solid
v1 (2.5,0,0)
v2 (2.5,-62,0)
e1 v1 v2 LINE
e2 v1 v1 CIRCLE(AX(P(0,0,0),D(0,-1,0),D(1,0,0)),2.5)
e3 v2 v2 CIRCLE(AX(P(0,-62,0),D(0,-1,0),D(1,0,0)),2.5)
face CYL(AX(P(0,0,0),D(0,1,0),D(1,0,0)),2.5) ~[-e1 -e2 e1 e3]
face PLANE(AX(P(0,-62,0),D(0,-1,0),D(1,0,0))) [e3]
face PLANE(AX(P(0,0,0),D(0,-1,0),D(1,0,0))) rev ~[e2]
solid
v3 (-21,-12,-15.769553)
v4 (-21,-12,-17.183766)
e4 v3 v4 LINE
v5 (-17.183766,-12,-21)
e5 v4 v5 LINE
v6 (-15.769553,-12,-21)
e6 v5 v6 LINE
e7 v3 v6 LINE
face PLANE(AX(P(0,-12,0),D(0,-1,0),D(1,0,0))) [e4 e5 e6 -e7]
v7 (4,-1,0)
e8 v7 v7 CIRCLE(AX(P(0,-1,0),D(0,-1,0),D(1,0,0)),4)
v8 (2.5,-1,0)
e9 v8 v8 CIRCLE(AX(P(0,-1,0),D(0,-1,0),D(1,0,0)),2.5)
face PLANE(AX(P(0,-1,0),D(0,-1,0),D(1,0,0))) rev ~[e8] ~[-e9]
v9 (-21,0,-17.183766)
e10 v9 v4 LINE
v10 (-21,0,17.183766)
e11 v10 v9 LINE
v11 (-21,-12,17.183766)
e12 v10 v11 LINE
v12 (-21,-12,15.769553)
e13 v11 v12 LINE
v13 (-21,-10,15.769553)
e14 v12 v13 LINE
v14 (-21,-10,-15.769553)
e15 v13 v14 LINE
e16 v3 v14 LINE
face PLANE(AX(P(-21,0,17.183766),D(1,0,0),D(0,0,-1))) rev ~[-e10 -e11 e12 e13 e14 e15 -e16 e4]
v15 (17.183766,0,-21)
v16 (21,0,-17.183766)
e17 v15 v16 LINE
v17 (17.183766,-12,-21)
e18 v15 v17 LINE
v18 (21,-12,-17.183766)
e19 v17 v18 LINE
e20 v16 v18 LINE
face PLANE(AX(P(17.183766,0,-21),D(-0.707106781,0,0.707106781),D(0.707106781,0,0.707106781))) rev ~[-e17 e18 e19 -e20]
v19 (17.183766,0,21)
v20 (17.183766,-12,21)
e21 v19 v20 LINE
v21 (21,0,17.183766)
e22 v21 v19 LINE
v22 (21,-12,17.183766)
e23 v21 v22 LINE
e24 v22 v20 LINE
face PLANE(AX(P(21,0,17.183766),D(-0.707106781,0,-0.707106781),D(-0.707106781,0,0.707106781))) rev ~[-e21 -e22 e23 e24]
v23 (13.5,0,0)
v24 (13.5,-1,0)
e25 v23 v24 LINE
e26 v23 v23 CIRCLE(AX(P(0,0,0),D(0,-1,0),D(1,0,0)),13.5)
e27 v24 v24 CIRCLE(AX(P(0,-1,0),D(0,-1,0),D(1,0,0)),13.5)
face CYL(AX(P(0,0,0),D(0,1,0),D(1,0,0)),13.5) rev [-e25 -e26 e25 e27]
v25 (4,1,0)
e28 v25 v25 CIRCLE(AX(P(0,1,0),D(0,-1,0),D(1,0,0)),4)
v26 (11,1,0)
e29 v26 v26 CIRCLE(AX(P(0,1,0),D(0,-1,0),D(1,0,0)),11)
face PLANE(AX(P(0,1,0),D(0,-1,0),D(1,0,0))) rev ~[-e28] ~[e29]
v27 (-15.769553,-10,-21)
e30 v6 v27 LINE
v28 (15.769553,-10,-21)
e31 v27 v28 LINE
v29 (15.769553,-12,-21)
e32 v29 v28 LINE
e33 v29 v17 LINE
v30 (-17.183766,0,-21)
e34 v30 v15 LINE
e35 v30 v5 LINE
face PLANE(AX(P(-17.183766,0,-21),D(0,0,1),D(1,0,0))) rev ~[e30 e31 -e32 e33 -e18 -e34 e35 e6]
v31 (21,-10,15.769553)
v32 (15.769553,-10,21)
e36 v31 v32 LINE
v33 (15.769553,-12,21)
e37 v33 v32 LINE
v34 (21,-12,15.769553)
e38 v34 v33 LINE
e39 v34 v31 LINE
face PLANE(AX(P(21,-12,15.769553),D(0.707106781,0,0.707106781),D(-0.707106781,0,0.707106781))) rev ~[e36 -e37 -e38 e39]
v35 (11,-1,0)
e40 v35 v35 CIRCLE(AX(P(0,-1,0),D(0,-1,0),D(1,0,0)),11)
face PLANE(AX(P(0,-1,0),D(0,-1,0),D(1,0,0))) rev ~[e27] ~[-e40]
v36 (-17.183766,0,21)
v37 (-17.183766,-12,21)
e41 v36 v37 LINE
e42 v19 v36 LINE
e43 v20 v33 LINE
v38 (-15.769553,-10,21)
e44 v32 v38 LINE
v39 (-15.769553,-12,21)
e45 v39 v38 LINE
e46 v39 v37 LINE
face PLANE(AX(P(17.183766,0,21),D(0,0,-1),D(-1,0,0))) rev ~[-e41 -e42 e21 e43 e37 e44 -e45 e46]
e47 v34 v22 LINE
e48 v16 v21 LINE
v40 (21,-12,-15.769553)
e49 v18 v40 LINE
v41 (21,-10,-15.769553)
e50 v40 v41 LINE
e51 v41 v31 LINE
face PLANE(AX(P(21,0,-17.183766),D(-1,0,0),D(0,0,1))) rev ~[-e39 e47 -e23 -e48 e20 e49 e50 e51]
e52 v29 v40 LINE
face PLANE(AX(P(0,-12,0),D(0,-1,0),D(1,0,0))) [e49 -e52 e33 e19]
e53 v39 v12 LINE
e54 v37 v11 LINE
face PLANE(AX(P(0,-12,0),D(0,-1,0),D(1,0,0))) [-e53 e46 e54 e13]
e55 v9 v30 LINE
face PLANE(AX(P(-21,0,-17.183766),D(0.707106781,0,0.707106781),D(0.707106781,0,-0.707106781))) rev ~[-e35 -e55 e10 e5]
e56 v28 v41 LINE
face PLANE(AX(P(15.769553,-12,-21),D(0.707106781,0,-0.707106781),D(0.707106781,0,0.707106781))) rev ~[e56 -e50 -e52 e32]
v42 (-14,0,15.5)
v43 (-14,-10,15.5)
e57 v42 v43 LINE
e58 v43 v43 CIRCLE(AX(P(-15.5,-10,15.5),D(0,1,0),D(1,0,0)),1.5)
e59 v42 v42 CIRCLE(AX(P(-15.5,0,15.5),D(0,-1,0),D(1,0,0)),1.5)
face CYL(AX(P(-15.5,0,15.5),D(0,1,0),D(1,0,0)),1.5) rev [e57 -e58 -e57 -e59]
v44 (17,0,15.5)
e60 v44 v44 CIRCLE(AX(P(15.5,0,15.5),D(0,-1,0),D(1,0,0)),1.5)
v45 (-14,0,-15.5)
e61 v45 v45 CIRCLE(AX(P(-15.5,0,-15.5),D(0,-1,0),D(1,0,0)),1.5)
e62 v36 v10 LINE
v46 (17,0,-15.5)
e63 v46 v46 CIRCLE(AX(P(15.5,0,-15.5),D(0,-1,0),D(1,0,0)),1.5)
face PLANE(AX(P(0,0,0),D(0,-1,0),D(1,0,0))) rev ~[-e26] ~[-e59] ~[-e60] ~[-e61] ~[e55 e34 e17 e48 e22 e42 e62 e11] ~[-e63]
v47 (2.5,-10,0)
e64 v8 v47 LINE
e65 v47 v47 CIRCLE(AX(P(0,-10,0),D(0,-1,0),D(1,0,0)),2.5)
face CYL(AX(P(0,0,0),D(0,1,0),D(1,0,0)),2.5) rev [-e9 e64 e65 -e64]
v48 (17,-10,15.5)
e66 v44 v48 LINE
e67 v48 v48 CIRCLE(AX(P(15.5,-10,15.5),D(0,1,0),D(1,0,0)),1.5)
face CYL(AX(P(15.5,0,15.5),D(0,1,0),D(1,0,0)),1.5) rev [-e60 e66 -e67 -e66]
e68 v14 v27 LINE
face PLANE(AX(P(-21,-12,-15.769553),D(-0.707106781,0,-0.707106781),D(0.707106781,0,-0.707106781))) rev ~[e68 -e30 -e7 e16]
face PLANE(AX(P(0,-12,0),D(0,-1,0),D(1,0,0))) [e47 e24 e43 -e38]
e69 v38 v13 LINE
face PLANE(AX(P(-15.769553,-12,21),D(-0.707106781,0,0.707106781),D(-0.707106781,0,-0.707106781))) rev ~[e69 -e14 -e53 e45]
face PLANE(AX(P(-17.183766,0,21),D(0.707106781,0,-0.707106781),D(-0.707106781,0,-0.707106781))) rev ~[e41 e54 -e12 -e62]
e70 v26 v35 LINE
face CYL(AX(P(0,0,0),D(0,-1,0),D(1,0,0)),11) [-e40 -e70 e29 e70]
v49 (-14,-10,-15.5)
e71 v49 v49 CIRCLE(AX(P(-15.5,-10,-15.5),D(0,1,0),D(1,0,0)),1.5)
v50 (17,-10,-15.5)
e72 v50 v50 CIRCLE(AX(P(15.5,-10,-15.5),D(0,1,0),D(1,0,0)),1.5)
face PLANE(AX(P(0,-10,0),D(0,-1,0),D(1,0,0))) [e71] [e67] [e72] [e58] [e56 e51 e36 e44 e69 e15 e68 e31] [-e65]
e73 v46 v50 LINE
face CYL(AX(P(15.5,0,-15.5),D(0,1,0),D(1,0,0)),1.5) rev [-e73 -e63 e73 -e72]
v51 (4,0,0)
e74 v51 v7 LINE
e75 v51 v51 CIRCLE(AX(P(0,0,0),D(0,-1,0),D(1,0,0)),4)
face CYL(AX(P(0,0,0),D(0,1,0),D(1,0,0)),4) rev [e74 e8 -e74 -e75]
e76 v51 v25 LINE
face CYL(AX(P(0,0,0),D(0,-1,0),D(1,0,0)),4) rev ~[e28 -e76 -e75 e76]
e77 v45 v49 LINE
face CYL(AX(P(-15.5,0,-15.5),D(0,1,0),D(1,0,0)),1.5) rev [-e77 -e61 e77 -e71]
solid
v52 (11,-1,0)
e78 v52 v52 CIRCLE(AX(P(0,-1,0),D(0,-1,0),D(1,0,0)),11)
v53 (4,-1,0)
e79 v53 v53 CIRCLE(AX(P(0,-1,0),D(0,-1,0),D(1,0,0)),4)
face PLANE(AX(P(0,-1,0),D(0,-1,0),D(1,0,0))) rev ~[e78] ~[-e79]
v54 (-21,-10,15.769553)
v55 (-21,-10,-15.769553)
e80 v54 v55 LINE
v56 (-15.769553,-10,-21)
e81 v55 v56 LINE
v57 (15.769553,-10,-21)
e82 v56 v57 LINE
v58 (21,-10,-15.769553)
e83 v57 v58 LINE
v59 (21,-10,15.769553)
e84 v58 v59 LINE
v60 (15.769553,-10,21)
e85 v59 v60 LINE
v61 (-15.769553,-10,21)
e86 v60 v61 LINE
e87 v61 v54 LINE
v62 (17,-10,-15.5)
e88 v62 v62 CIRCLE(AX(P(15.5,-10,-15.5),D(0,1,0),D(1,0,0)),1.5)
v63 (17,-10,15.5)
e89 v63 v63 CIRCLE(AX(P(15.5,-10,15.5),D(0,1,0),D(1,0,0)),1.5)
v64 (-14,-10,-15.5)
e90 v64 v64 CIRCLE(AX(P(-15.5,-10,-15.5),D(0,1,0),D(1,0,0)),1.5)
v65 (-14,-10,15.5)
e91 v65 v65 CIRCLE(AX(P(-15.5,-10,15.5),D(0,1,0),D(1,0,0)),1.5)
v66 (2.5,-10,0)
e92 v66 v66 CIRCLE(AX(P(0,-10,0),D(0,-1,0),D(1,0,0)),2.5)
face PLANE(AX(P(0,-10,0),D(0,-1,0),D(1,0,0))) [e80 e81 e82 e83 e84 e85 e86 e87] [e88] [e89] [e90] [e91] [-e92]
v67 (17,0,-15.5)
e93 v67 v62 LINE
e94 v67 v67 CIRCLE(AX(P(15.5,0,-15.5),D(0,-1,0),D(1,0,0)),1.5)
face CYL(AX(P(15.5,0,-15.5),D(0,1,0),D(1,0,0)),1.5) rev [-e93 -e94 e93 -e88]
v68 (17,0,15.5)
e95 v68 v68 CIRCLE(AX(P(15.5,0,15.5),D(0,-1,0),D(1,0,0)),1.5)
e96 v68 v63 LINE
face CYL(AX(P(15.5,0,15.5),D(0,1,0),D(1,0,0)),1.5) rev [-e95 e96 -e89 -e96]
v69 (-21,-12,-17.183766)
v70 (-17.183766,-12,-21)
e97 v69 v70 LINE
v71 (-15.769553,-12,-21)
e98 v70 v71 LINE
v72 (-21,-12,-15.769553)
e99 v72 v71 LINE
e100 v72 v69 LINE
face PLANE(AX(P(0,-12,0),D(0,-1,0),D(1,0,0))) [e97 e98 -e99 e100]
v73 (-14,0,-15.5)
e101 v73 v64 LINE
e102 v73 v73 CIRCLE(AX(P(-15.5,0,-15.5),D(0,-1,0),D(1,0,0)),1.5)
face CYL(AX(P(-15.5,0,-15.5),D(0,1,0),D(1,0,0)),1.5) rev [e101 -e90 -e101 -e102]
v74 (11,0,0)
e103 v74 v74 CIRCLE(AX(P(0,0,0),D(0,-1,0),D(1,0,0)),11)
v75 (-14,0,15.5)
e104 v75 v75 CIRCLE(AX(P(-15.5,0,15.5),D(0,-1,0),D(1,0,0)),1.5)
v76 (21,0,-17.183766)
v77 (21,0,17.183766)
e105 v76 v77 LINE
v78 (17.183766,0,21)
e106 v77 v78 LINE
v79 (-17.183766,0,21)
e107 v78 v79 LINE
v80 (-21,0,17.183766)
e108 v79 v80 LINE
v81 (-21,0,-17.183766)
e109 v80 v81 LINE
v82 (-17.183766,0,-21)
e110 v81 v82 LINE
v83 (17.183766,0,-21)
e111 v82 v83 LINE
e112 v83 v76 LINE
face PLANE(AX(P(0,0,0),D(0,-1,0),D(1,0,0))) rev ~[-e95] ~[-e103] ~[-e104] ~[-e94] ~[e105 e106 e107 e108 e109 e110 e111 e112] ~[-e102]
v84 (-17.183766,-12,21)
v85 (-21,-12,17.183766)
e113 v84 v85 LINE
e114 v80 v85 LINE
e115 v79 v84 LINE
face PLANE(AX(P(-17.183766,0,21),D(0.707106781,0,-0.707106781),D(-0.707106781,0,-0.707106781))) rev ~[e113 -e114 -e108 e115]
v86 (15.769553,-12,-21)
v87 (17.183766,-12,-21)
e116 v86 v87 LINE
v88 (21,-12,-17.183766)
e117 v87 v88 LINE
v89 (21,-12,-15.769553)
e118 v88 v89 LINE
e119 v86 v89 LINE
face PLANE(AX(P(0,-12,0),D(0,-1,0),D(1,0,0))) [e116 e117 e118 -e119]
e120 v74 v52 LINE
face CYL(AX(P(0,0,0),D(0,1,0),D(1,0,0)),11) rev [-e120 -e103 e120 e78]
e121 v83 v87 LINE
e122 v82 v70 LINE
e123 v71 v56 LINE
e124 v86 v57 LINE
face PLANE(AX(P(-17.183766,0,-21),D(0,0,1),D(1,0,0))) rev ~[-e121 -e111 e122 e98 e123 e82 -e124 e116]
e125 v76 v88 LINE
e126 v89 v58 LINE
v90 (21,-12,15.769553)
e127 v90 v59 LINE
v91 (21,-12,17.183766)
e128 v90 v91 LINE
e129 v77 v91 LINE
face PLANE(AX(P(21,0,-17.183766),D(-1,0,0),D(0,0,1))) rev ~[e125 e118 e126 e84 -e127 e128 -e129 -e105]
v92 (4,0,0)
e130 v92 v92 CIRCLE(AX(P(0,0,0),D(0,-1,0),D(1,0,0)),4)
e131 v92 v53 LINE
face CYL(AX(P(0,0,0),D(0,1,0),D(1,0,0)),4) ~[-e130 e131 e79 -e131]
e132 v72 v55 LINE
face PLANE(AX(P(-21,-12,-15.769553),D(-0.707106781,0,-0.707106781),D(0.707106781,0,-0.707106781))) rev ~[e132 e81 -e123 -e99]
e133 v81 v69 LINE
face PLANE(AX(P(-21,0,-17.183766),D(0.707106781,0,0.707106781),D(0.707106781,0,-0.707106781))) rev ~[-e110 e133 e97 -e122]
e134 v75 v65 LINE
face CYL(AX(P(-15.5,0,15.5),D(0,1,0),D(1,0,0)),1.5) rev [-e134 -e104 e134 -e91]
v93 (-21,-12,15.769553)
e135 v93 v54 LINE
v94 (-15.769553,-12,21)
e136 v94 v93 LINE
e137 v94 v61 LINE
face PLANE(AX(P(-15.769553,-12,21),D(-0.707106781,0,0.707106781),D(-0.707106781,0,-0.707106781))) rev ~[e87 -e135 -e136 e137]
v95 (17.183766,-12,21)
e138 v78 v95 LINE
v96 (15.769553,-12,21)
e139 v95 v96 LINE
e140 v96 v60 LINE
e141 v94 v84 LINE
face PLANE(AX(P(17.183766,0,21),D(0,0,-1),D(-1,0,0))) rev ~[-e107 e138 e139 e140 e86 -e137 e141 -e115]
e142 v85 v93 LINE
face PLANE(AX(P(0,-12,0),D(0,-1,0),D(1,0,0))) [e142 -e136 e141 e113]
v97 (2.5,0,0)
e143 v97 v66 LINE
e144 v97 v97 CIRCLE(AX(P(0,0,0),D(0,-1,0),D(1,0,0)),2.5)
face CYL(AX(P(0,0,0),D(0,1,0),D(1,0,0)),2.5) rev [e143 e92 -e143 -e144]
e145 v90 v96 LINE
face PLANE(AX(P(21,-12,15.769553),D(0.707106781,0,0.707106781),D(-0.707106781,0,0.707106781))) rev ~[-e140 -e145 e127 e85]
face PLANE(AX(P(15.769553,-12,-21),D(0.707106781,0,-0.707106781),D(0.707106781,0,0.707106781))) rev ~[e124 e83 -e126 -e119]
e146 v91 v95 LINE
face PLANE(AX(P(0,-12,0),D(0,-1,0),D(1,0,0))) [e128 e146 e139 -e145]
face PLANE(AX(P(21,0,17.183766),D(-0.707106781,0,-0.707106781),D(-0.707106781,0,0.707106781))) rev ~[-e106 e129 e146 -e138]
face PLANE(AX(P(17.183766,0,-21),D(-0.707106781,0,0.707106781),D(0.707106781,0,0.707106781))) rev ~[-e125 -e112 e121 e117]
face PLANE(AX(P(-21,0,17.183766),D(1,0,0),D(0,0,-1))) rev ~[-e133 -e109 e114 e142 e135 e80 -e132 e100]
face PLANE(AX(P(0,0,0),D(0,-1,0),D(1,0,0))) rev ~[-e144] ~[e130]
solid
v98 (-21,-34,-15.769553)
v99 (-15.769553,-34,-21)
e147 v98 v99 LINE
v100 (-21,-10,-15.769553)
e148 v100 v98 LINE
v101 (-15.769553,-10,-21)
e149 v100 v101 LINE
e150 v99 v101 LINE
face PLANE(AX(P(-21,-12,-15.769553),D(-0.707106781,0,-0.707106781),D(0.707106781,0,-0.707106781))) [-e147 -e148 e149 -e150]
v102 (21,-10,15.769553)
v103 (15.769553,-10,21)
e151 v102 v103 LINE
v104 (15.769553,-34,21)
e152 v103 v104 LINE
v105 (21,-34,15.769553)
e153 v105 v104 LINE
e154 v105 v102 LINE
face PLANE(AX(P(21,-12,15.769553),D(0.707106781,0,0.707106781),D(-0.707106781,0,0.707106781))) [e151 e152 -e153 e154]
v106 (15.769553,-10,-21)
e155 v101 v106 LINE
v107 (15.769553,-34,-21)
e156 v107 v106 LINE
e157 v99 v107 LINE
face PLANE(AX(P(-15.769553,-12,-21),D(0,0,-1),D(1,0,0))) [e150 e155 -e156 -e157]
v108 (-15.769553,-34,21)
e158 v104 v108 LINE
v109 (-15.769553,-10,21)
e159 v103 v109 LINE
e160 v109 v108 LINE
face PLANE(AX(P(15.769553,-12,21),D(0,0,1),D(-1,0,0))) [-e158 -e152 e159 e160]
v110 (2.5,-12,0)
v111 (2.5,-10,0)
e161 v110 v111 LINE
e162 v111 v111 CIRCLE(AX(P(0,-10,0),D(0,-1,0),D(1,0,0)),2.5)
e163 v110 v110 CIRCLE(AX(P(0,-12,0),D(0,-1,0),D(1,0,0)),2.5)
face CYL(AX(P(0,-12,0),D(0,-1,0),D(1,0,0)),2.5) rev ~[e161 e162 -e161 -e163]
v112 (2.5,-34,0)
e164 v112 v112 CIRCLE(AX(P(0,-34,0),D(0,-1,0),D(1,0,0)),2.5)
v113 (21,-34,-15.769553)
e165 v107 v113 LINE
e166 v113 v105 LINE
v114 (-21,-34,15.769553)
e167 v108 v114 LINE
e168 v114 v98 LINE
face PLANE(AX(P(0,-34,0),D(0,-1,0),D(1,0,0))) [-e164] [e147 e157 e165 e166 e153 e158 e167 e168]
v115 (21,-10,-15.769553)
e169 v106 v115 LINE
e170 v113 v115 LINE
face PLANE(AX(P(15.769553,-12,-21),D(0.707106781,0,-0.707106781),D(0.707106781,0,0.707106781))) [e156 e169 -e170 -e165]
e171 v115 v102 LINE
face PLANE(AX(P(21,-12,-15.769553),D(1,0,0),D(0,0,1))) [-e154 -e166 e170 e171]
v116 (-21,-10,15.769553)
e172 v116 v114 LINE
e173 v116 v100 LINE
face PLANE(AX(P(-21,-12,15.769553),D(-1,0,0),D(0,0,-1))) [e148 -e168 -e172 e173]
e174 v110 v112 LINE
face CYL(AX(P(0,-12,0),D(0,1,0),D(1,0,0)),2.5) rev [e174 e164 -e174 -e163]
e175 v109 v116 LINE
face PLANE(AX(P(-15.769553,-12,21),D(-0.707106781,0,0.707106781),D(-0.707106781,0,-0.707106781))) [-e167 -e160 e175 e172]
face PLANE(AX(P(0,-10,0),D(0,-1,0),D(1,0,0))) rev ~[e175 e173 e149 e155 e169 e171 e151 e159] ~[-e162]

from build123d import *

# Parameters (mm, degrees)
F0_R          = 1.5
F0_R_2        = 13.5
F0_R_3        = 11
F0_R_4        = 4
F0_R_5        = 2.5
F1_DEPTH      = 12
F2_DEPTH      = 1
F3_DEPTH      = 1
F4_DEPTH      = 20
F5_R          = 2.5
F6_DEPTH      = 2
F7_DEPTH      = 22
F7_DEPTH_BACK = 2
F8_DEPTH      = 12
F9_DEPTH      = 1
F10_DEPTH     = 2
F11_DEPTH     = 62


with BuildPart() as f1:
    # F0 (on Front) → F1 (new body)
    with BuildSketch(Plane.XZ):
        Polygon((17.1837661841, 21), (-17.1837661841, 21), (-21, 17.1837661841), (-21, -17.1837661841), (-17.1837661841, -21), (17.1837661841, -21), (21, -17.1837661841), (21, 17.1837661841), align=None)
        with Locations((-15.5, -15.5)):
            Circle(F0_R, mode=Mode.SUBTRACT)
        with Locations((15.5, -15.5)):
            Circle(F0_R, mode=Mode.SUBTRACT)
        with Locations((-15.5, 15.5)):
            Circle(F0_R, mode=Mode.SUBTRACT)
        Circle(F0_R_2, mode=Mode.SUBTRACT)
        with Locations((15.5, 15.5)):
            Circle(F0_R, mode=Mode.SUBTRACT)
        Circle(F0_R_2)
        Circle(F0_R_3, mode=Mode.SUBTRACT)
        Circle(F0_R_3)
        Circle(F0_R_4, mode=Mode.SUBTRACT)
        Circle(F0_R_4)
        Circle(F0_R_5, mode=Mode.SUBTRACT)
        Circle(F0_R_5)
    extrude(amount=F1_DEPTH)

    # F0 (on Front) → F2 (cut)
    with BuildSketch(Plane.XZ):
        Circle(F0_R_2)
        Circle(F0_R_3, mode=Mode.SUBTRACT)
        Circle(F0_R_4)
        Circle(F0_R_5, mode=Mode.SUBTRACT)
    extrude(amount=F2_DEPTH, mode=Mode.SUBTRACT)

    # F0 (on Front) → F3 (join)
    with BuildSketch(Plane.XZ):
        Circle(F0_R_3)
        Circle(F0_R_4, mode=Mode.SUBTRACT)
    extrude(amount=-F3_DEPTH)

    # F0 (on Front) → F4 (cut)
    with BuildSketch(Plane.XZ):
        Circle(F0_R_5)
    extrude(amount=F4_DEPTH, mode=Mode.SUBTRACT)

    # F5 (on face) → F6 (cut)
    with BuildSketch(Plane.XZ.offset(12)):
        Polygon((21, 15.7695526217), (15.7695526217, 21), (-15.7695526217, 21), (-21, 15.7695526217), (-21, -15.7695526217), (-15.7695526217, -21), (15.7695526217, -21), (21, -15.7695526217), align=None)
        Circle(F5_R, mode=Mode.SUBTRACT)
    extrude(amount=-F6_DEPTH, mode=Mode.SUBTRACT)


with BuildPart() as f7:
    # F5 (on face) → F7 (new body, two sides)
    with BuildSketch(Plane.XZ.offset(12)) as f7_sk:
        Polygon((21, 15.7695526217), (15.7695526217, 21), (-15.7695526217, 21), (-21, 15.7695526217), (-21, -15.7695526217), (-15.7695526217, -21), (15.7695526217, -21), (21, -15.7695526217), align=None)
        Circle(F5_R, mode=Mode.SUBTRACT)
    extrude(amount=F7_DEPTH)
    extrude(f7_sk.sketch, amount=-F7_DEPTH_BACK)


with BuildPart() as f8:
    # F0 (on Front) → F8 (new body)
    with BuildSketch(Plane.XZ):
        Polygon((17.1837661841, 21), (-17.1837661841, 21), (-21, 17.1837661841), (-21, -17.1837661841), (-17.1837661841, -21), (17.1837661841, -21), (21, -17.1837661841), (21, 17.1837661841), align=None)
        with Locations((-15.5, -15.5)):
            Circle(F0_R, mode=Mode.SUBTRACT)
        with Locations((15.5, -15.5)):
            Circle(F0_R, mode=Mode.SUBTRACT)
        with Locations((-15.5, 15.5)):
            Circle(F0_R, mode=Mode.SUBTRACT)
        Circle(F0_R_2, mode=Mode.SUBTRACT)
        with Locations((15.5, 15.5)):
            Circle(F0_R, mode=Mode.SUBTRACT)
        Circle(F0_R_2)
        Circle(F0_R_3, mode=Mode.SUBTRACT)
        Circle(F0_R_3)
        Circle(F0_R_4, mode=Mode.SUBTRACT)
        Circle(F0_R_4)
        Circle(F0_R_5, mode=Mode.SUBTRACT)
    extrude(amount=F8_DEPTH)

    # F0 (on Front) → F9 (cut)
    with BuildSketch(Plane.XZ):
        Circle(F0_R_3)
        Circle(F0_R_4, mode=Mode.SUBTRACT)
    extrude(amount=F9_DEPTH, mode=Mode.SUBTRACT)

    # F5 (on face) → F10 (cut)
    with BuildSketch(Plane.XZ.offset(12)):
        Polygon((21, 15.7695526217), (15.7695526217, 21), (-15.7695526217, 21), (-21, 15.7695526217), (-21, -15.7695526217), (-15.7695526217, -21), (15.7695526217, -21), (21, -15.7695526217), align=None)
        Circle(F5_R, mode=Mode.SUBTRACT)
    extrude(amount=-F10_DEPTH, mode=Mode.SUBTRACT)


with BuildPart() as f11:
    # F0 (on Front) → F11 (new body)
    with BuildSketch(Plane.XZ):
        Circle(F0_R_5)
    extrude(amount=F11_DEPTH)


solid = Compound([f1.part, f7.part, f8.part, f11.part])
